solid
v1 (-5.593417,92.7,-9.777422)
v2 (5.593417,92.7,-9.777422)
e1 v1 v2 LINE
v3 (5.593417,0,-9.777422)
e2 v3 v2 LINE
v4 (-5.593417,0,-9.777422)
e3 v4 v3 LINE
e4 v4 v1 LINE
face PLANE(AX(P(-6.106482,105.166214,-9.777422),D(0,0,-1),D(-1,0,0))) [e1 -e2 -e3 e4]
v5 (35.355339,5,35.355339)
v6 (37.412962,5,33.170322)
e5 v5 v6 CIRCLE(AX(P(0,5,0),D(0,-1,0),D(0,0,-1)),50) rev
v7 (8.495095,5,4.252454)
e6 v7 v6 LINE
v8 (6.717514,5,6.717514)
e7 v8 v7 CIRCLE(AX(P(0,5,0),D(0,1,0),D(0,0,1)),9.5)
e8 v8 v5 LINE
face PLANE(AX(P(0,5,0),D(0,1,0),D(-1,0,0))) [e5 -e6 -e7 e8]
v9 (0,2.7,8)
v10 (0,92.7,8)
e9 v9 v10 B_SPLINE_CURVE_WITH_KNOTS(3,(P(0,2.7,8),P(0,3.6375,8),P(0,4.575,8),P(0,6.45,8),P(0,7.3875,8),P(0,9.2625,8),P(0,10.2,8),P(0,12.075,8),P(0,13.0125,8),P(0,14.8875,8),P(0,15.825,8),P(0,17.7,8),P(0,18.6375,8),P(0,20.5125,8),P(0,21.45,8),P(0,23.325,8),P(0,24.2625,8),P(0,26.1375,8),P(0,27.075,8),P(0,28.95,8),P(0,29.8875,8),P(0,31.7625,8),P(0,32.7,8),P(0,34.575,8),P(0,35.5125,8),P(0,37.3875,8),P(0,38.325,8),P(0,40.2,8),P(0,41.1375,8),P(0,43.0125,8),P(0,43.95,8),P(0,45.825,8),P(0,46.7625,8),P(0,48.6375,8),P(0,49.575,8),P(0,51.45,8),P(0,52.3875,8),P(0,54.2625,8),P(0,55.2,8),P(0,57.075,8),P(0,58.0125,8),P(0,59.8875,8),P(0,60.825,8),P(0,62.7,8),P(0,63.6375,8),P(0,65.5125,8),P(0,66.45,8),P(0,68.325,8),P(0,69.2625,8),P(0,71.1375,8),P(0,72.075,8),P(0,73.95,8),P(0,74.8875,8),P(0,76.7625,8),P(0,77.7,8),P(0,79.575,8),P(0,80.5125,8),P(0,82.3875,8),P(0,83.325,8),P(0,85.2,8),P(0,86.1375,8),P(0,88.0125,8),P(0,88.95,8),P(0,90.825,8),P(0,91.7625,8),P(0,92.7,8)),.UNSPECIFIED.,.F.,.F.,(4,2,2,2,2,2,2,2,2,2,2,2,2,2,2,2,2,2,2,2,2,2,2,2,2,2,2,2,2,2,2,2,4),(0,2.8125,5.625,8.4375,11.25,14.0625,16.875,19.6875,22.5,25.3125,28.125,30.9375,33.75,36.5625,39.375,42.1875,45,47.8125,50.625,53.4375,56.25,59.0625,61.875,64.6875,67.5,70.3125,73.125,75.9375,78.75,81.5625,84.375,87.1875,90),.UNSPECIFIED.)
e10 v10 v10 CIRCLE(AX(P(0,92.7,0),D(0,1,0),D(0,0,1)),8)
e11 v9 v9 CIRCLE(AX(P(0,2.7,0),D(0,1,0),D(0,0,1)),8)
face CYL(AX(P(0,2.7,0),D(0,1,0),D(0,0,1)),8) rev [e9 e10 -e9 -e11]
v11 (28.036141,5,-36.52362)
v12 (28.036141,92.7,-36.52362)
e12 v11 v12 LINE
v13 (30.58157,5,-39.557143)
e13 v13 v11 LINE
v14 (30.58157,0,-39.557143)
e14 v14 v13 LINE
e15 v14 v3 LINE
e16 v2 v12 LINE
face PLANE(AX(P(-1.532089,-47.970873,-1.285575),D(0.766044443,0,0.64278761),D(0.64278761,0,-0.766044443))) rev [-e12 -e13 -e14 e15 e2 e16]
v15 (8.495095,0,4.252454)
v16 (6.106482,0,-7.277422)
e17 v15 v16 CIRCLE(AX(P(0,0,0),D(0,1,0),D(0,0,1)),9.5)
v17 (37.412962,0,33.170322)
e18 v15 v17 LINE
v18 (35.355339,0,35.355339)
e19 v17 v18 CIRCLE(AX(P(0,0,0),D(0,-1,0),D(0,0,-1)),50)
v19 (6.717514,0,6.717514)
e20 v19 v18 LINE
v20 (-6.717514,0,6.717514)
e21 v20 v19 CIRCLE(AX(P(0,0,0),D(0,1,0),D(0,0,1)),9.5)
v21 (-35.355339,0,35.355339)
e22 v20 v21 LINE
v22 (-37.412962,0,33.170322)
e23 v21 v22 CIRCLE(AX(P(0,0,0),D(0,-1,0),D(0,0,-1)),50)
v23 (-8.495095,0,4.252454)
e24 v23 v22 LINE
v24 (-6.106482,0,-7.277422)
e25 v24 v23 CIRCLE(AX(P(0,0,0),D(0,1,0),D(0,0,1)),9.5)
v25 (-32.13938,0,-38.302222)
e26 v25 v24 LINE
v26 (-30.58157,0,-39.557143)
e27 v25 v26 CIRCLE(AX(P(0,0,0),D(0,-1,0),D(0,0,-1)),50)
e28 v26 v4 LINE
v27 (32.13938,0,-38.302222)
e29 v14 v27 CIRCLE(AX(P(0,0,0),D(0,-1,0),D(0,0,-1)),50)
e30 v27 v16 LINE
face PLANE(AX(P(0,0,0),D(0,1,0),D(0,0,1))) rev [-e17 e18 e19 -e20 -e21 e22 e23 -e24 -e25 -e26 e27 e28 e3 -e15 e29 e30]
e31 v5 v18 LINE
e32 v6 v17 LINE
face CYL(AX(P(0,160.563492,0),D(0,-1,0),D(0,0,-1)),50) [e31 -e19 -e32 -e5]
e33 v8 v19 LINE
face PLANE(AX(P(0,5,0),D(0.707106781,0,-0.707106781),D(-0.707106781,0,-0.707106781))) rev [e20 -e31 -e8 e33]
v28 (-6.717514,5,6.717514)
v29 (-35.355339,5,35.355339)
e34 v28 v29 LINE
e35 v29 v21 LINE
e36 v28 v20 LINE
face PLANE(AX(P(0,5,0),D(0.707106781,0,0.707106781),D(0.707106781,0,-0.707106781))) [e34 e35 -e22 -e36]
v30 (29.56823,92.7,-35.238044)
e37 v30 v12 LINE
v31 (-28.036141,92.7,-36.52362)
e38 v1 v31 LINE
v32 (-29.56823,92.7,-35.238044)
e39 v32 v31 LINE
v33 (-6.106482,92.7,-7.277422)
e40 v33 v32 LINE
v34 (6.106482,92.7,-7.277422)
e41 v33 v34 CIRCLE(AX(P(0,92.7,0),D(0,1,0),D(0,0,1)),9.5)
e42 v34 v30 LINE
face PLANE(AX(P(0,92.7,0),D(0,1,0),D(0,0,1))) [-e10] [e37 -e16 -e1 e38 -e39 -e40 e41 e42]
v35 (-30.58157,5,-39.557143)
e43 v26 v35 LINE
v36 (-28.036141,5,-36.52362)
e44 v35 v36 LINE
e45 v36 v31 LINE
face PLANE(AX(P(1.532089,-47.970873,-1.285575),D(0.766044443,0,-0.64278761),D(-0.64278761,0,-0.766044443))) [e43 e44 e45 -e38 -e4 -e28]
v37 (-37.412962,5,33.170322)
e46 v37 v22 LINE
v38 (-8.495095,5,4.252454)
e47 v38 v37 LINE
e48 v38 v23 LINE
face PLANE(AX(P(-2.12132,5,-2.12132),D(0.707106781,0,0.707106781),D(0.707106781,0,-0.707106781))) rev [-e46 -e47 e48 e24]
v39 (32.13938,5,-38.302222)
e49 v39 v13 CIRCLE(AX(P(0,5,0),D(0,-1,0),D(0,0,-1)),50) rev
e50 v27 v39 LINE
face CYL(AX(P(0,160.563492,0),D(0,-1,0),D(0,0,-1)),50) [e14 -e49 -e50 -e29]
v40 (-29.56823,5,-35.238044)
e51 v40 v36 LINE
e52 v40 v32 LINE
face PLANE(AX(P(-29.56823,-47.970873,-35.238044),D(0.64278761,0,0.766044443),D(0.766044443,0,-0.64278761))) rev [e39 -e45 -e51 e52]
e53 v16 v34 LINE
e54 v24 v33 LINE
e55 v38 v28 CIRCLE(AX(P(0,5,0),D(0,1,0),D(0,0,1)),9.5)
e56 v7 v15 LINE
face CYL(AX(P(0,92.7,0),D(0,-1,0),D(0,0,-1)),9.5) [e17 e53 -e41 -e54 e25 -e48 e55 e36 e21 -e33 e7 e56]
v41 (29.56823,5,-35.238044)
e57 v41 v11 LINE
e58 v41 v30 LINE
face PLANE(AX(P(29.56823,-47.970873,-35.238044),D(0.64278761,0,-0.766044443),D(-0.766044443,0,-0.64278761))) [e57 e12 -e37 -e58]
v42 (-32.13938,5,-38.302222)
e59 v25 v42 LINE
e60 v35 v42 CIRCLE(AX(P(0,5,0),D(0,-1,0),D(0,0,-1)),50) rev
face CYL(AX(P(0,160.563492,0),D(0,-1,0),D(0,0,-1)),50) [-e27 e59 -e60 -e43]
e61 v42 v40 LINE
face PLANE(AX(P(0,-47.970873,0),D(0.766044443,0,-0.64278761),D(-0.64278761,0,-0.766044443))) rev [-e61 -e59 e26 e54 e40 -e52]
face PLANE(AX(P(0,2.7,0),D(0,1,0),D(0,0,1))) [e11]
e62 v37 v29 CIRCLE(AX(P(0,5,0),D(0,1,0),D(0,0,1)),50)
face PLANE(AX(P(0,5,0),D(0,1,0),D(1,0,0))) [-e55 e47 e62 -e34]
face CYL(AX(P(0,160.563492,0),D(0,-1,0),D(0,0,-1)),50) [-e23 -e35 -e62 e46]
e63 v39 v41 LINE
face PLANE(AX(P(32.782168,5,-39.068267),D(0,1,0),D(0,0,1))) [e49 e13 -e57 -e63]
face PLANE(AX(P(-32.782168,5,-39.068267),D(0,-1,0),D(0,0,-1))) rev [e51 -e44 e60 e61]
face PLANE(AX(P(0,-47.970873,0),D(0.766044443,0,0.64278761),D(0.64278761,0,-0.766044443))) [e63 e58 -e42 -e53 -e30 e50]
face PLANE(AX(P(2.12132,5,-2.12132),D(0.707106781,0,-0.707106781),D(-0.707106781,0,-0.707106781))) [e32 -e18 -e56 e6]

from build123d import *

# Parameters (mm, degrees)
SKETCH1_R           = 9.5
BOSS_EXTRUDE1_DEPTH = 92.7
EXTRUDE_THIN1_DEPTH = 92.7
SKETCH13_W          = 2
SKETCH13_H          = 5
BOSS_EXTRUDE8_DEPTH = 5
EXTRUDE_THIN3_DEPTH = 5
SKETCH15_W          = 12.212964584
SKETCH15_H          = 2.5
BOSS_EXTRUDE9_DEPTH = 92.7
SKETCH16_R          = 8
CUT_EXTRUDE1_DEPTH  = 90
SKETCH17_R          = 55
SKETCH17_R_2        = 50
CUT_EXTRUDE2_DEPTH  = 5


with BuildPart() as part:
    # Sketch1 → Boss-Extrude1 (new body)
    with BuildSketch(Plane(origin=(0, 0, 0), x_dir=(1, 0, 0), z_dir=(0, 1, 0))):
        with Locations(Location((0, 0, 0), (0, 0, 270))):
            Circle(SKETCH1_R)
    extrude(amount=BOSS_EXTRUDE1_DEPTH)

    # Sketch2 → Extrude-Thin1 (add)
    with BuildSketch(Plane(origin=(0, 92.7, 0), x_dir=(1, 0, 0), z_dir=(0, 1, 0))):
        Polygon((0, 0), (-29.568230046, 35.238044383), (-28.036141159, 36.523619603), (1.532088886, 1.285575219), align=None)
    extrude_thin1 = extrude(amount=-EXTRUDE_THIN1_DEPTH)

    # Sketch13 → Boss-Extrude8 (add)
    with BuildSketch(Plane(origin=(-29.568230046, 0, -35.238044383), x_dir=(-0.7660444431189722, 0, 0.6427876096865464), z_dir=(-0.6427876096865464, 0, -0.7660444431189722))):
        with Locations((-1, 2.5)):
            Rectangle(SKETCH13_W, SKETCH13_H)
    boss_extrude8 = extrude(amount=BOSS_EXTRUDE8_DEPTH)

    # Mirror1: Extrude-Thin1, Boss-Extrude8 across plane
    add(extrude_thin1.mirror(Plane(origin=(0, 0, 0), x_dir=(0, 0, 1), z_dir=(1, 0, 0))))
    add(boss_extrude8.mirror(Plane(origin=(0, 0, 0), x_dir=(0, 0, 1), z_dir=(1, 0, 0))))

    # Sketch14 → Extrude-Thin3 (add)
    with BuildSketch(Plane.XZ):
        Polygon((0, 0), (36.062445841, 36.062445841), (38.183766184, 33.941125497), (2.121320344, -2.121320344), align=None)
    extrude_thin3 = extrude(amount=-EXTRUDE_THIN3_DEPTH)

    # Mirror6: Extrude-Thin3 across plane
    add(extrude_thin3.mirror(Plane(origin=(0, 0, 0), x_dir=(0, 0, 1), z_dir=(1, 0, 0))))

    # Sketch15 → Boss-Extrude9 (add)
    with BuildSketch(Plane.XZ):
        with Locations((0, -8.52742221)):
            Rectangle(SKETCH15_W, SKETCH15_H)
    extrude(amount=-BOSS_EXTRUDE9_DEPTH)

    # Sketch16 → Cut-Extrude1 (cut)
    with BuildSketch(Plane(origin=(0, 92.7, 0), x_dir=(1, 0, 0), z_dir=(0, 1, 0))):
        with Locations(Location((0, 0, 0), (0, 0, 270))):
            Circle(SKETCH16_R)
    extrude(amount=-CUT_EXTRUDE1_DEPTH, mode=Mode.SUBTRACT)

    # Sketch17 → Cut-Extrude2 (cut)
    with BuildSketch(Plane.XZ):
        Circle(SKETCH17_R)
        Circle(SKETCH17_R_2, mode=Mode.SUBTRACT)
    extrude(amount=-CUT_EXTRUDE2_DEPTH, mode=Mode.SUBTRACT)


solid = part.part
